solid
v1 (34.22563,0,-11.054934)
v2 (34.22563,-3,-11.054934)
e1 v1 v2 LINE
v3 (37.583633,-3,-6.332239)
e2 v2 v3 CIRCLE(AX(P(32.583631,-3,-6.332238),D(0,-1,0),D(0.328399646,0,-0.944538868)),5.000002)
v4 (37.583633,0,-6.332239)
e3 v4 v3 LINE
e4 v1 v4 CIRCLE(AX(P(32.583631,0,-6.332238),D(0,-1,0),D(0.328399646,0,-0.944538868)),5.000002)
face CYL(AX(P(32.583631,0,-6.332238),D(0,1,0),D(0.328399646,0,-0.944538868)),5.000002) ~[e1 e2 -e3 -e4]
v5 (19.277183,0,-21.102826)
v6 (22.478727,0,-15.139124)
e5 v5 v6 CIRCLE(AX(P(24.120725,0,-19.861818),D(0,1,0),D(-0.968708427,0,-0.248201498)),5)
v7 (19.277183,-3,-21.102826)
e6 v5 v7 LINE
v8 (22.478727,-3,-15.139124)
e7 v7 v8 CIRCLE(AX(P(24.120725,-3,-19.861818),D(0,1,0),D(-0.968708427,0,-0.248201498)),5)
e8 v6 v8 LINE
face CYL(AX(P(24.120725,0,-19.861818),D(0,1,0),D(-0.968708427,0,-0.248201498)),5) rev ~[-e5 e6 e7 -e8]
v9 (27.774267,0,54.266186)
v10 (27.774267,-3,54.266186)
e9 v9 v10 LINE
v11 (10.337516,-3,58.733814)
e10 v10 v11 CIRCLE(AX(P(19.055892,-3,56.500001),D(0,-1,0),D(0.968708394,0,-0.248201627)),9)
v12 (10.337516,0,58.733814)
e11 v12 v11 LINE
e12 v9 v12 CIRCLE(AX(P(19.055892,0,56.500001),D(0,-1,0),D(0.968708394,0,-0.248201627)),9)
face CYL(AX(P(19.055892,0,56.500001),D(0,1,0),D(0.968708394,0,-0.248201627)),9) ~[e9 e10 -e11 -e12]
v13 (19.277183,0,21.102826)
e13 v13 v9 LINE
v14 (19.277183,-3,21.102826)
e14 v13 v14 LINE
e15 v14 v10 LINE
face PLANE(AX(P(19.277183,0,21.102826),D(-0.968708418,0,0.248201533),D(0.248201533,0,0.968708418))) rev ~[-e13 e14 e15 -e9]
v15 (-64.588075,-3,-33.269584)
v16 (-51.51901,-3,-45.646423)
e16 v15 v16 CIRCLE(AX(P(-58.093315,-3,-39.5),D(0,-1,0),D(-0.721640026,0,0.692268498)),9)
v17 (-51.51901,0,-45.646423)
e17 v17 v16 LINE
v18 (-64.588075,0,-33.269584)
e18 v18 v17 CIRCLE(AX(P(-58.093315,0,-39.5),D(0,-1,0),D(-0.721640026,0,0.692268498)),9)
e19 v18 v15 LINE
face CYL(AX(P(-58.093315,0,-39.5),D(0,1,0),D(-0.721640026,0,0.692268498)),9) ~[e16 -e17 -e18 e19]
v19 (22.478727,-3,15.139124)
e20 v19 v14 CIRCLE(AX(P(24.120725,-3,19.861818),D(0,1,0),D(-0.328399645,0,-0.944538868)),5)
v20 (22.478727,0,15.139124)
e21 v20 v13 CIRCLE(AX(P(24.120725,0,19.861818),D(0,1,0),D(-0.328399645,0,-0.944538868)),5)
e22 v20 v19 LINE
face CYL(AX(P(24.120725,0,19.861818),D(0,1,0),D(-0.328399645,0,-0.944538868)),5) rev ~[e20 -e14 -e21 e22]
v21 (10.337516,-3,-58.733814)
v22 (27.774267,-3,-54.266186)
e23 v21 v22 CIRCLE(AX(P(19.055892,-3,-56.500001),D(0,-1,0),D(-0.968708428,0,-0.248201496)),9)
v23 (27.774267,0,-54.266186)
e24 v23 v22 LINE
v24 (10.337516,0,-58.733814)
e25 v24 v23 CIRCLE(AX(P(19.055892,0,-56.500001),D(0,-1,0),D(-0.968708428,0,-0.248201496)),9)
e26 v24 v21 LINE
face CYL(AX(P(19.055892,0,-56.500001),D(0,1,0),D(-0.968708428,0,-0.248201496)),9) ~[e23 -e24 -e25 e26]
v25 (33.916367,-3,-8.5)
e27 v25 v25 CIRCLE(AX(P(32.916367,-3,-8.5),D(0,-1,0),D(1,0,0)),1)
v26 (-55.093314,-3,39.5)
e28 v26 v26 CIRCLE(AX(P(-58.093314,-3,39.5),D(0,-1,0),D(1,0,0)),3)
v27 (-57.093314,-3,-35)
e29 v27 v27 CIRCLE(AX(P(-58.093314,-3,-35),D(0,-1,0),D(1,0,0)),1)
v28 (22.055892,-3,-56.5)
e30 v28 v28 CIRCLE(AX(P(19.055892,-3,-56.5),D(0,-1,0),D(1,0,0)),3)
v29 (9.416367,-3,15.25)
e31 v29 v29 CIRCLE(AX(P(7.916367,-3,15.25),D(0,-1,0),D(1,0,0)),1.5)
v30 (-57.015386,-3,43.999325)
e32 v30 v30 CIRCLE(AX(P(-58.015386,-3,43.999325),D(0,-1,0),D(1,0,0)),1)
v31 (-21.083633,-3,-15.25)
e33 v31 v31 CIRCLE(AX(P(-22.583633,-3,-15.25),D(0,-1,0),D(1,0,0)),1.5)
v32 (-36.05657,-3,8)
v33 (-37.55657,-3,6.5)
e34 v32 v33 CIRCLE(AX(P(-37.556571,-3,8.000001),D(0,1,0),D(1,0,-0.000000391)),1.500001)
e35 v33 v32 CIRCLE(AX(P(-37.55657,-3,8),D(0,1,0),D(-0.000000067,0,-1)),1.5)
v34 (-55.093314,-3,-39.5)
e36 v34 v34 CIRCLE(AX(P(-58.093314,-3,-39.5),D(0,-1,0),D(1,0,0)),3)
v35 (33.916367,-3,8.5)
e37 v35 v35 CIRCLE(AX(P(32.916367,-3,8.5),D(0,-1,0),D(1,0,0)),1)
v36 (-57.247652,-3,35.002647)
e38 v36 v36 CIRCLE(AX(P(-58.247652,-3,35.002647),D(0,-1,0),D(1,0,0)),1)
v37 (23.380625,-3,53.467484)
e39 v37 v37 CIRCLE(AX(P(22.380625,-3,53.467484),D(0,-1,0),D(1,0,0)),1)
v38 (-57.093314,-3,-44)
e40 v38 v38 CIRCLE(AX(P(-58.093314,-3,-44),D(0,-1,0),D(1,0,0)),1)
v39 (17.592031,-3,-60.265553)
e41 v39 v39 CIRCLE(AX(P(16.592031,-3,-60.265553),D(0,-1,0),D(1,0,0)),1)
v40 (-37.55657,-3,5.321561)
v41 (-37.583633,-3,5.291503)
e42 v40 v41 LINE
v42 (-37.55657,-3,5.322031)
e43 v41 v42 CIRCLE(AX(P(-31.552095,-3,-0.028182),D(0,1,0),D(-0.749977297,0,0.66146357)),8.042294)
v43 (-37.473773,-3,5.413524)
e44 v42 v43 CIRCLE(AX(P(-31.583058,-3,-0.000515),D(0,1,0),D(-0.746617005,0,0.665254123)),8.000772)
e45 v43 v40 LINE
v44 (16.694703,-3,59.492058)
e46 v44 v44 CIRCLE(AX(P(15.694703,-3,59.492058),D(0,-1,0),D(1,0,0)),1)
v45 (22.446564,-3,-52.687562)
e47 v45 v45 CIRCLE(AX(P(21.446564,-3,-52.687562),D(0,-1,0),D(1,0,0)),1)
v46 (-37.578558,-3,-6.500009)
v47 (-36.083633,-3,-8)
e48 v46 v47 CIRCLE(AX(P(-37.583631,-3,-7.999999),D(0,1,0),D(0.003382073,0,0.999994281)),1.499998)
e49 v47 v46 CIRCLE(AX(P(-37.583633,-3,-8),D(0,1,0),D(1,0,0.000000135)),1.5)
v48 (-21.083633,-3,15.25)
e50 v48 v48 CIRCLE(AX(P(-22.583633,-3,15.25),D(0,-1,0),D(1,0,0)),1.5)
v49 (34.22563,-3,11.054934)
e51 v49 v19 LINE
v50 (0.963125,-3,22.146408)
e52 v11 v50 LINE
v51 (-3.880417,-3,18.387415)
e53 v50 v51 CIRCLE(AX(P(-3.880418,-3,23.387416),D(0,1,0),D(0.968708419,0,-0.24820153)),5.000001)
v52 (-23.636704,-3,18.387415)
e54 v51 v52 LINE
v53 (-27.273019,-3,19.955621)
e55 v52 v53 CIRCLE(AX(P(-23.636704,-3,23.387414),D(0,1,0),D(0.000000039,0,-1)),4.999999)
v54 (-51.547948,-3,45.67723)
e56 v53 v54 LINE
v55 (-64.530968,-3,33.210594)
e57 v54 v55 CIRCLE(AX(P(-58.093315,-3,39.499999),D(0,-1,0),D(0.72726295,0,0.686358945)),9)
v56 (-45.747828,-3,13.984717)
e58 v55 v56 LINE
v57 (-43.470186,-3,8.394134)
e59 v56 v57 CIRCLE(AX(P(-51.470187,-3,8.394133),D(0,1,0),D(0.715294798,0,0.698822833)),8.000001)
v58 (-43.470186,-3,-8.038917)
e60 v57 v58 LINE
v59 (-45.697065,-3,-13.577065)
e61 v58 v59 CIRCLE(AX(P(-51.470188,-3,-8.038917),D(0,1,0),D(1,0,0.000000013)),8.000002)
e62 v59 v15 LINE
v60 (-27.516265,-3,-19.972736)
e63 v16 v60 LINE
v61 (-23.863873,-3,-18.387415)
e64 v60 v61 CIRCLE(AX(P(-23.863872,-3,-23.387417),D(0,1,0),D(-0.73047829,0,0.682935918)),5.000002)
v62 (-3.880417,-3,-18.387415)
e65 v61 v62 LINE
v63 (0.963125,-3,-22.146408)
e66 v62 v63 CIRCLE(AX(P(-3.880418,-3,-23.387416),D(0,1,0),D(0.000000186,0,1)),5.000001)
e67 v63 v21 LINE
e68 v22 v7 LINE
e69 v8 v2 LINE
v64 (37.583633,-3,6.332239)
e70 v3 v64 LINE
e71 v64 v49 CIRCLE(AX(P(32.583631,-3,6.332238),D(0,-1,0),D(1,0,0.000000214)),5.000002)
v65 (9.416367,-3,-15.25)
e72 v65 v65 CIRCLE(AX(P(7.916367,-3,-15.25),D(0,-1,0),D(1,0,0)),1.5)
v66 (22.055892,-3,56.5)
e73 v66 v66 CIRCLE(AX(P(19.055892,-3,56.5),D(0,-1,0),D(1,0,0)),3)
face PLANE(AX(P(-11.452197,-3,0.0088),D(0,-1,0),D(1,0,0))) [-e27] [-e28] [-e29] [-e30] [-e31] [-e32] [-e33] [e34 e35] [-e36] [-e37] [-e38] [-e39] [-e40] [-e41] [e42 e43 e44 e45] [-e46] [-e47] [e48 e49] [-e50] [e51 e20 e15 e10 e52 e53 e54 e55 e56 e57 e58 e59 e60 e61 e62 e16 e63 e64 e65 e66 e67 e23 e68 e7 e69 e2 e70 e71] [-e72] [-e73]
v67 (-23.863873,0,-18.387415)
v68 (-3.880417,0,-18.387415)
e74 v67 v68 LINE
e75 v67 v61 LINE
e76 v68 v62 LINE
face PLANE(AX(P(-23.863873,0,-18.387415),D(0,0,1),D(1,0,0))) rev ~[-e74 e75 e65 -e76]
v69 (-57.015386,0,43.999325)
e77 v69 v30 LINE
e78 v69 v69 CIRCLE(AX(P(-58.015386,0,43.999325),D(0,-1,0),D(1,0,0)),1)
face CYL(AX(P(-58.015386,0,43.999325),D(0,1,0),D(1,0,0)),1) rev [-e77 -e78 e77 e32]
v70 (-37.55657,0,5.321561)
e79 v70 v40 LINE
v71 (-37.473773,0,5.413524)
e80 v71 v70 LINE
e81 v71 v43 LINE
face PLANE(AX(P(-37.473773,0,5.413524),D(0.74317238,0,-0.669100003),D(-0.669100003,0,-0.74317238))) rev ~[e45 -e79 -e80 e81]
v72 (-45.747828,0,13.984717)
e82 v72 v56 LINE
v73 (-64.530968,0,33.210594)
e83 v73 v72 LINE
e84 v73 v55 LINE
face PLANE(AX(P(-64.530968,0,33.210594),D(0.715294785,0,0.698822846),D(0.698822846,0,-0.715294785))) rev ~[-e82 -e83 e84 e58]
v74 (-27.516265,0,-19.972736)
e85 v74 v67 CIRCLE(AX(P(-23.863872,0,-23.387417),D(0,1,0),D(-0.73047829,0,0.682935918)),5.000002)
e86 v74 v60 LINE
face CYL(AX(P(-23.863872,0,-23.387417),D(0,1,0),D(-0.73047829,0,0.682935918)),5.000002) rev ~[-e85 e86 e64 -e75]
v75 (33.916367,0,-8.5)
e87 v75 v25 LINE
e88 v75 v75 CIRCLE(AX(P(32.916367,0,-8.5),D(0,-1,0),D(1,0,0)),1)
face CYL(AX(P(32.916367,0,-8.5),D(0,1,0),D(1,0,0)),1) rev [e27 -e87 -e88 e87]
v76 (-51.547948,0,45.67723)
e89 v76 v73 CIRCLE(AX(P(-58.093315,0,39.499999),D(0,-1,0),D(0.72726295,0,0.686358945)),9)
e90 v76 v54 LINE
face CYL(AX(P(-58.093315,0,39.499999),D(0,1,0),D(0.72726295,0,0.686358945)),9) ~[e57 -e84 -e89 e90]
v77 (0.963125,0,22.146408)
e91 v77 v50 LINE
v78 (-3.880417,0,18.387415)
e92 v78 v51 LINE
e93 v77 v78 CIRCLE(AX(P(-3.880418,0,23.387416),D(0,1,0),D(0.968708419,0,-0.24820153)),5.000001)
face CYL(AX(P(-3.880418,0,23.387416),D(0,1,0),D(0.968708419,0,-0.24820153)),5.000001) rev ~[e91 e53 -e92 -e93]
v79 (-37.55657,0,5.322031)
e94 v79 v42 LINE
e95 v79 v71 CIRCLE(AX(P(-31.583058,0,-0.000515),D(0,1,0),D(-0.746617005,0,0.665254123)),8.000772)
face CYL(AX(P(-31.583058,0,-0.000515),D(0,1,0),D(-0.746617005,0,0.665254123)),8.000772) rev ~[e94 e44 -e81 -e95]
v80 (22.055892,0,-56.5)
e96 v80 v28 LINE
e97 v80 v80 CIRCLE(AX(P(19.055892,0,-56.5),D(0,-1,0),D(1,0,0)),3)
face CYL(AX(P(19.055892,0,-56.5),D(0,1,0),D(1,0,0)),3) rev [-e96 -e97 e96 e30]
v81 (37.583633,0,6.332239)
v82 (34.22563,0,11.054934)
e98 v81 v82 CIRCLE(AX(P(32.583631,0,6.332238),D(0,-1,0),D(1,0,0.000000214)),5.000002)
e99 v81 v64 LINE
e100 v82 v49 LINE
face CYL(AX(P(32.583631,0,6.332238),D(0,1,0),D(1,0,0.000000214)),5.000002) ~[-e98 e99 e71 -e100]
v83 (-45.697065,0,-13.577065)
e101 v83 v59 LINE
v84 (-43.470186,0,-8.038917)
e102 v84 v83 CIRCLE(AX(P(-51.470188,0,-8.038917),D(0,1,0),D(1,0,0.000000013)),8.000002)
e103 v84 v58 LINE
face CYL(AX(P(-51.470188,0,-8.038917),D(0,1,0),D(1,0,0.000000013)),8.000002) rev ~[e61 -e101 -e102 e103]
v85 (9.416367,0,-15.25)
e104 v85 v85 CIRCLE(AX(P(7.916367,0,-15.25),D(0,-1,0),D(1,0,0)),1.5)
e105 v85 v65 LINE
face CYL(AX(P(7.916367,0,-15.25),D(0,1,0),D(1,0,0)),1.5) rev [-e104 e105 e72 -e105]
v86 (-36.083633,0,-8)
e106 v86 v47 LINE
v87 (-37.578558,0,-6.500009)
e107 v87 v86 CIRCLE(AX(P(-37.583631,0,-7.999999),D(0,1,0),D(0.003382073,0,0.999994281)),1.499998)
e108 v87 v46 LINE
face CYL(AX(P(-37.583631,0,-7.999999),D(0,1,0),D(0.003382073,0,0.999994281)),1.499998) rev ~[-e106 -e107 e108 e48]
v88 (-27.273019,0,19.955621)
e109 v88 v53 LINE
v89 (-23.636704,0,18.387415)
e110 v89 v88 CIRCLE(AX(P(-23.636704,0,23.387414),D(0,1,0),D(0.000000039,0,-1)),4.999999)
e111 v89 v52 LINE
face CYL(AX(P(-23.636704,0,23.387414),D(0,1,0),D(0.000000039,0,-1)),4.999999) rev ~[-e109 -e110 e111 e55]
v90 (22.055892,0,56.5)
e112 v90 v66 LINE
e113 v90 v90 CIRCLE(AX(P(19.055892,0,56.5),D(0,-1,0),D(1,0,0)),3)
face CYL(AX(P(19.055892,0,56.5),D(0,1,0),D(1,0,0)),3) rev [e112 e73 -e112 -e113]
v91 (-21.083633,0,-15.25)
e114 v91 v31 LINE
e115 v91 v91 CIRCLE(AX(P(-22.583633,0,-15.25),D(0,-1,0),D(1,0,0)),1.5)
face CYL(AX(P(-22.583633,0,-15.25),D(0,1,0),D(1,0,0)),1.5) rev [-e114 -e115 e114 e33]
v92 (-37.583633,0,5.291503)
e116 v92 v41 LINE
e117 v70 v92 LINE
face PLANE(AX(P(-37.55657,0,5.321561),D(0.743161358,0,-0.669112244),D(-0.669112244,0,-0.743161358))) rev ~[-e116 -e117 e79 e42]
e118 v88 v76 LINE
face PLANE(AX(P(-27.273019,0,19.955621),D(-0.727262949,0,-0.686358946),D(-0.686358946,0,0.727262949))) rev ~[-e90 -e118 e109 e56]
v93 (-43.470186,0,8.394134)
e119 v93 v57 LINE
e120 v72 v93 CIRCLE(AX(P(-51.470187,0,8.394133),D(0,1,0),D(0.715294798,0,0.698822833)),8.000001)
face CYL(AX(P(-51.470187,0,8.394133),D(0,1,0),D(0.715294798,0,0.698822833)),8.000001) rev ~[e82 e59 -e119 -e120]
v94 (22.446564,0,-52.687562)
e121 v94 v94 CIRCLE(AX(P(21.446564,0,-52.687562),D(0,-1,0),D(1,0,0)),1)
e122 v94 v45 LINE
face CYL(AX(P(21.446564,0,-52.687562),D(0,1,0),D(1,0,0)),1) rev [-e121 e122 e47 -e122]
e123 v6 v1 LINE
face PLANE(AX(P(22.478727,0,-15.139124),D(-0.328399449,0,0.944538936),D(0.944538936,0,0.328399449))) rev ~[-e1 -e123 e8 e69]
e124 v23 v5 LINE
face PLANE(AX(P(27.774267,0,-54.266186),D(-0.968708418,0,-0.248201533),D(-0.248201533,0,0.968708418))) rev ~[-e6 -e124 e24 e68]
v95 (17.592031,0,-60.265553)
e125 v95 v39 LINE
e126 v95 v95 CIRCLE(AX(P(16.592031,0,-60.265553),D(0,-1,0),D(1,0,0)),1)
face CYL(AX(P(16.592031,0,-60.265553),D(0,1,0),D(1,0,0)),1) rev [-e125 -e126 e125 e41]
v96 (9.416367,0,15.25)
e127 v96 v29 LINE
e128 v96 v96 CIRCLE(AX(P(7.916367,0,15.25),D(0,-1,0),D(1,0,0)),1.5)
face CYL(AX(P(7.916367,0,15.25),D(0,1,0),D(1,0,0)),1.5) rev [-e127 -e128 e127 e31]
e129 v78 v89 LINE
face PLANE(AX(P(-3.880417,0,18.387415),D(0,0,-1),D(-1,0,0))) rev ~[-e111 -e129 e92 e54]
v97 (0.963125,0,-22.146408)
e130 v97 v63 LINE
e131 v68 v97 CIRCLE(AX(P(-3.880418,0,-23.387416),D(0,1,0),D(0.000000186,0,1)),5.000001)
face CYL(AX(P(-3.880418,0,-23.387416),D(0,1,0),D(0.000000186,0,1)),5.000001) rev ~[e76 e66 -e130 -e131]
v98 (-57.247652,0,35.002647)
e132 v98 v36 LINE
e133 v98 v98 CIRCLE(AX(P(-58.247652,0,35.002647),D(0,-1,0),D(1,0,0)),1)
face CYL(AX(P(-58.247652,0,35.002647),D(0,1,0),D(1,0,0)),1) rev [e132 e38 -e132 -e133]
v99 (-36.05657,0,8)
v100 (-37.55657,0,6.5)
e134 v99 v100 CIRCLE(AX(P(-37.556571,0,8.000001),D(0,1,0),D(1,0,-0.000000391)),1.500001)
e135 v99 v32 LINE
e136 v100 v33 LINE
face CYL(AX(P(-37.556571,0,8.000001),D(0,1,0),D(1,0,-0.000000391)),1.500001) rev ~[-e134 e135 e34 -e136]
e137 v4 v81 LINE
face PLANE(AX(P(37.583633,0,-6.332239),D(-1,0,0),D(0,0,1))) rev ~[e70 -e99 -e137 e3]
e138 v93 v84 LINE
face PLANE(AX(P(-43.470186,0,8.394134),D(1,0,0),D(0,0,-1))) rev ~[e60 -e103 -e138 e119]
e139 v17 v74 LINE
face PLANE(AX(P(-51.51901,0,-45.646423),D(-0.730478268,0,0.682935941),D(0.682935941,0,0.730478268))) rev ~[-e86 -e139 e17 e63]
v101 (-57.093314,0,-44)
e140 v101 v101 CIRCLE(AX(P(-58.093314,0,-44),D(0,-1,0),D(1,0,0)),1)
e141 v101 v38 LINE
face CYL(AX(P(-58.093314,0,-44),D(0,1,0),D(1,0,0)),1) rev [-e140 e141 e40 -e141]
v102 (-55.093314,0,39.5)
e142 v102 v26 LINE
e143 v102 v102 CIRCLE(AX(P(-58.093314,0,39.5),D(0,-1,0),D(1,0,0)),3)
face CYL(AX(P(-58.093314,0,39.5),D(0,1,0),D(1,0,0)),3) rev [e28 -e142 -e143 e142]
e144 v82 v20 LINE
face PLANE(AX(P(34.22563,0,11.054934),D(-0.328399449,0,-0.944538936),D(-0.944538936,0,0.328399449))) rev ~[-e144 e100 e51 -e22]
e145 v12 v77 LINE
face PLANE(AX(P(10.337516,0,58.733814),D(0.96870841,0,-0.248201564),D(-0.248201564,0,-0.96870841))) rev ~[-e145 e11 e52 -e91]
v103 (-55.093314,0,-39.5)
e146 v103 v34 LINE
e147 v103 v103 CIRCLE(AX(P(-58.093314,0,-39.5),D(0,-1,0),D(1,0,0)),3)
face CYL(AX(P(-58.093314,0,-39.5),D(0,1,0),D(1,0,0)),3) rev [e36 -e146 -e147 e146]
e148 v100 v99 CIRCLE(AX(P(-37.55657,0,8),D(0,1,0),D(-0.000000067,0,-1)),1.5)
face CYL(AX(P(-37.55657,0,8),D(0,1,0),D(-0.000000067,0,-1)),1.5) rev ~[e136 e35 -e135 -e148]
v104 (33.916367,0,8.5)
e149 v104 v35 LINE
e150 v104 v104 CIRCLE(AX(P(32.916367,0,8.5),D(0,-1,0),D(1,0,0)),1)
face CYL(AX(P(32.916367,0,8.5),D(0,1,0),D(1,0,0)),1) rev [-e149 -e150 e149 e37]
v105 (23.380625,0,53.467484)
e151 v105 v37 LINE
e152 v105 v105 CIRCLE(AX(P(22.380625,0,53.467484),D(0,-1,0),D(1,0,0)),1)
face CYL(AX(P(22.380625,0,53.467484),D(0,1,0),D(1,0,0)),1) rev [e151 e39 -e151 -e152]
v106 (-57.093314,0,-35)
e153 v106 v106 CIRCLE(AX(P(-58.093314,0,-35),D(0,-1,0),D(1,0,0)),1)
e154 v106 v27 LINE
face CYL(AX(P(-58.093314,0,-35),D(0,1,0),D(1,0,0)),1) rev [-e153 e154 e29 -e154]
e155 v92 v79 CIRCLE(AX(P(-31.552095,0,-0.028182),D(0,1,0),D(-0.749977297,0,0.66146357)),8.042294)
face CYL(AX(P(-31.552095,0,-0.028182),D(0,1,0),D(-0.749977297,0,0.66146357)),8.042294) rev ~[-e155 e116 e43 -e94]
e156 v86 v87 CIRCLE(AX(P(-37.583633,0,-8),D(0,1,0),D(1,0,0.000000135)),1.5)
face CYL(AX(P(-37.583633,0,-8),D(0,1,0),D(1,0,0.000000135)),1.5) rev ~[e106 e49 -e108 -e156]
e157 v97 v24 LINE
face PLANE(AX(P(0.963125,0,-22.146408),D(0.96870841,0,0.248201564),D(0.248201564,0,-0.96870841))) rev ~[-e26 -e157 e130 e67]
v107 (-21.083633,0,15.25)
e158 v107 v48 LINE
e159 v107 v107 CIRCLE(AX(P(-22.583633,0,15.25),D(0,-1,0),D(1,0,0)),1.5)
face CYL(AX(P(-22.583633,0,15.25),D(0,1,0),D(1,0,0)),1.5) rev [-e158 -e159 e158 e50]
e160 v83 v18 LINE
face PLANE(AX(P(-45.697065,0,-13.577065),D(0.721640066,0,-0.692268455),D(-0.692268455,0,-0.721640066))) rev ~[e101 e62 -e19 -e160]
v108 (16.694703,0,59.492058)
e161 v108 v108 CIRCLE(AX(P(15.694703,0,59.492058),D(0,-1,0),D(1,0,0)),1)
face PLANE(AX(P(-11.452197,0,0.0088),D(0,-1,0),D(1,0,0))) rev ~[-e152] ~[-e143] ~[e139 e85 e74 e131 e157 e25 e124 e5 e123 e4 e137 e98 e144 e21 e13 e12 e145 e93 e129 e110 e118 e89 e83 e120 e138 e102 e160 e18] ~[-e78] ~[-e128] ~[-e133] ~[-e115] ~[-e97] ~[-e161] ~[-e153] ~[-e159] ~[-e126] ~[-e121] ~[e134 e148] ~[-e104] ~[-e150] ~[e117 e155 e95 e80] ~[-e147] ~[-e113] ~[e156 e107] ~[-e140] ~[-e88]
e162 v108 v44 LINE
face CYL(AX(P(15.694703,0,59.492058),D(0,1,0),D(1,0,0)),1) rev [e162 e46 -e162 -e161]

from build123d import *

# Parameters (mm, degrees)
F0_R     = 1
F0_R_2   = 3
F0_R_3   = 1.5
F1_DEPTH = 3


with BuildPart() as f1:
    # F0 (on Front) → F1 (new body)
    with BuildSketch(Plane.XZ):
        with BuildLine():
            Line((-23.863873, -18.387415), (-3.880417, -18.387415))
            ThreePointArc((-3.880417, -18.387415), (-0.814886, -19.437413), (0.963125, -22.146408))
            Line((0.963125, -22.146408), (10.337516, -58.733814))
            ThreePointArc((10.337516, -58.733814), (21.289706, -65.218376), (27.774267, -54.266186))
            Line((27.774267, -54.266186), (19.277183, -21.102826))
            ThreePointArc((19.277183, -21.102826), (19.715388, -17.496865), (22.478727, -15.139124))
            Line((22.478727, -15.139124), (34.22563, -11.054934))
            ThreePointArc((34.22563, -11.054934), (36.658555, -9.229653), (37.583633, -6.332239))
            Line((37.583633, -6.332239), (37.583633, -5.887415))
            Line((37.583633, -5.887415), (37.583633, 5.887415))
            Line((37.583633, 5.887415), (37.583633, 6.332239))
            ThreePointArc((37.583633, 6.332239), (36.658555, 9.229653), (34.22563, 11.054934))
            Line((34.22563, 11.054934), (22.478727, 15.139124))
            ThreePointArc((22.478727, 15.139124), (19.715388, 17.496865), (19.277183, 21.102826))
            Line((19.277183, 21.102826), (27.774267, 54.266186))
            ThreePointArc((27.774267, 54.266186), (21.289706, 65.218376), (10.337516, 58.733814))
            Line((10.337516, 58.733814), (0.963125, 22.146408))
            ThreePointArc((0.963125, 22.146408), (-0.814886, 19.437413), (-3.880417, 18.387415))
            Line((-3.880417, 18.387415), (-23.636704, 18.387415))
            ThreePointArc((-23.636704, 18.387415), (-25.616733, 18.796175), (-27.273019, 19.955621))
            Line((-27.273019, 19.955621), (-51.547948, 45.67723))
            ThreePointArc((-51.547948, 45.67723), (-64.326865, 45.991752), (-64.530968, 33.210594))
            Line((-64.530968, 33.210594), (-45.747828, 13.984717))
            ThreePointArc((-45.747828, 13.984717), (-44.061446, 11.412506), (-43.470186, 8.394134))
            Line((-43.470186, 8.394134), (-43.470186, -8.038917))
            ThreePointArc((-43.470186, -8.038917), (-44.047755, -11.023464), (-45.697065, -13.577065))
            Line((-45.697065, -13.577065), (-64.588075, -33.269584))
            ThreePointArc((-64.588075, -33.269584), (-64.281862, -46.034668), (-51.51901, -45.646423))
            Line((-51.51901, -45.646423), (-27.516265, -19.972736))
            ThreePointArc((-27.516265, -19.972736), (-25.854677, -18.800837), (-23.863873, -18.387415))
        make_face()
        with Locations((-58.093314, -44)):
            Circle(F0_R, mode=Mode.SUBTRACT)
        with Locations((-58.093314, -39.5)):
            Circle(F0_R_2, mode=Mode.SUBTRACT)
        with Locations((-58.093314, -35)):
            Circle(F0_R, mode=Mode.SUBTRACT)
        with BuildLine():
            ThreePointArc((-36.083633, -8), (-38.646085, -9.058865), (-37.578558, -6.500009))
            ThreePointArc((-37.578558, -6.500009), (-36.52118, -6.941135), (-36.083633, -8))
        make_face(mode=Mode.SUBTRACT)
        with Locations((-22.583633, -15.25)):
            Circle(F0_R_3, mode=Mode.SUBTRACT)
        with Locations((16.592031, -60.265553)):
            Circle(F0_R, mode=Mode.SUBTRACT)
        with Locations((19.055892, -56.5)):
            Circle(F0_R_2, mode=Mode.SUBTRACT)
        with Locations((21.446564, -52.687562)):
            Circle(F0_R, mode=Mode.SUBTRACT)
        with Locations((7.916367, -15.25)):
            Circle(F0_R_3, mode=Mode.SUBTRACT)
        with Locations((32.916367, -8.5)):
            Circle(F0_R, mode=Mode.SUBTRACT)
        with BuildLine():
            ThreePointArc((-37.55657, 5.322031), (-37.515348, 5.367937), (-37.473773, 5.413524))
            Line((-37.473773, 5.413524), (-37.55657, 5.321561))
            Line((-37.55657, 5.321561), (-37.583633, 5.291503))
            ThreePointArc((-37.583633, 5.291503), (-37.570121, 5.306784), (-37.55657, 5.322031))
        make_face(mode=Mode.SUBTRACT)
        with BuildLine():
            ThreePointArc((-36.05657, 8), (-36.49591, 6.93934), (-37.55657, 6.5))
            ThreePointArc((-37.55657, 6.5), (-38.61723, 9.06066), (-36.05657, 8))
        make_face(mode=Mode.SUBTRACT)
        with Locations((-22.583633, 15.25)):
            Circle(F0_R_3, mode=Mode.SUBTRACT)
        with Locations((-58.247652, 35.002647)):
            Circle(F0_R, mode=Mode.SUBTRACT)
        with Locations((-58.093314, 39.5)):
            Circle(F0_R_2, mode=Mode.SUBTRACT)
        with Locations((-58.015386, 43.999325)):
            Circle(F0_R, mode=Mode.SUBTRACT)
        with Locations((7.916367, 15.25)):
            Circle(F0_R_3, mode=Mode.SUBTRACT)
        with Locations((32.916367, 8.5)):
            Circle(F0_R, mode=Mode.SUBTRACT)
        with Locations((19.055892, 56.5)):
            Circle(F0_R_2, mode=Mode.SUBTRACT)
        with Locations((22.380625, 53.467484)):
            Circle(F0_R, mode=Mode.SUBTRACT)
        with Locations((15.694703, 59.492058)):
            Circle(F0_R, mode=Mode.SUBTRACT)
    extrude(amount=F1_DEPTH)


solid = f1.part
